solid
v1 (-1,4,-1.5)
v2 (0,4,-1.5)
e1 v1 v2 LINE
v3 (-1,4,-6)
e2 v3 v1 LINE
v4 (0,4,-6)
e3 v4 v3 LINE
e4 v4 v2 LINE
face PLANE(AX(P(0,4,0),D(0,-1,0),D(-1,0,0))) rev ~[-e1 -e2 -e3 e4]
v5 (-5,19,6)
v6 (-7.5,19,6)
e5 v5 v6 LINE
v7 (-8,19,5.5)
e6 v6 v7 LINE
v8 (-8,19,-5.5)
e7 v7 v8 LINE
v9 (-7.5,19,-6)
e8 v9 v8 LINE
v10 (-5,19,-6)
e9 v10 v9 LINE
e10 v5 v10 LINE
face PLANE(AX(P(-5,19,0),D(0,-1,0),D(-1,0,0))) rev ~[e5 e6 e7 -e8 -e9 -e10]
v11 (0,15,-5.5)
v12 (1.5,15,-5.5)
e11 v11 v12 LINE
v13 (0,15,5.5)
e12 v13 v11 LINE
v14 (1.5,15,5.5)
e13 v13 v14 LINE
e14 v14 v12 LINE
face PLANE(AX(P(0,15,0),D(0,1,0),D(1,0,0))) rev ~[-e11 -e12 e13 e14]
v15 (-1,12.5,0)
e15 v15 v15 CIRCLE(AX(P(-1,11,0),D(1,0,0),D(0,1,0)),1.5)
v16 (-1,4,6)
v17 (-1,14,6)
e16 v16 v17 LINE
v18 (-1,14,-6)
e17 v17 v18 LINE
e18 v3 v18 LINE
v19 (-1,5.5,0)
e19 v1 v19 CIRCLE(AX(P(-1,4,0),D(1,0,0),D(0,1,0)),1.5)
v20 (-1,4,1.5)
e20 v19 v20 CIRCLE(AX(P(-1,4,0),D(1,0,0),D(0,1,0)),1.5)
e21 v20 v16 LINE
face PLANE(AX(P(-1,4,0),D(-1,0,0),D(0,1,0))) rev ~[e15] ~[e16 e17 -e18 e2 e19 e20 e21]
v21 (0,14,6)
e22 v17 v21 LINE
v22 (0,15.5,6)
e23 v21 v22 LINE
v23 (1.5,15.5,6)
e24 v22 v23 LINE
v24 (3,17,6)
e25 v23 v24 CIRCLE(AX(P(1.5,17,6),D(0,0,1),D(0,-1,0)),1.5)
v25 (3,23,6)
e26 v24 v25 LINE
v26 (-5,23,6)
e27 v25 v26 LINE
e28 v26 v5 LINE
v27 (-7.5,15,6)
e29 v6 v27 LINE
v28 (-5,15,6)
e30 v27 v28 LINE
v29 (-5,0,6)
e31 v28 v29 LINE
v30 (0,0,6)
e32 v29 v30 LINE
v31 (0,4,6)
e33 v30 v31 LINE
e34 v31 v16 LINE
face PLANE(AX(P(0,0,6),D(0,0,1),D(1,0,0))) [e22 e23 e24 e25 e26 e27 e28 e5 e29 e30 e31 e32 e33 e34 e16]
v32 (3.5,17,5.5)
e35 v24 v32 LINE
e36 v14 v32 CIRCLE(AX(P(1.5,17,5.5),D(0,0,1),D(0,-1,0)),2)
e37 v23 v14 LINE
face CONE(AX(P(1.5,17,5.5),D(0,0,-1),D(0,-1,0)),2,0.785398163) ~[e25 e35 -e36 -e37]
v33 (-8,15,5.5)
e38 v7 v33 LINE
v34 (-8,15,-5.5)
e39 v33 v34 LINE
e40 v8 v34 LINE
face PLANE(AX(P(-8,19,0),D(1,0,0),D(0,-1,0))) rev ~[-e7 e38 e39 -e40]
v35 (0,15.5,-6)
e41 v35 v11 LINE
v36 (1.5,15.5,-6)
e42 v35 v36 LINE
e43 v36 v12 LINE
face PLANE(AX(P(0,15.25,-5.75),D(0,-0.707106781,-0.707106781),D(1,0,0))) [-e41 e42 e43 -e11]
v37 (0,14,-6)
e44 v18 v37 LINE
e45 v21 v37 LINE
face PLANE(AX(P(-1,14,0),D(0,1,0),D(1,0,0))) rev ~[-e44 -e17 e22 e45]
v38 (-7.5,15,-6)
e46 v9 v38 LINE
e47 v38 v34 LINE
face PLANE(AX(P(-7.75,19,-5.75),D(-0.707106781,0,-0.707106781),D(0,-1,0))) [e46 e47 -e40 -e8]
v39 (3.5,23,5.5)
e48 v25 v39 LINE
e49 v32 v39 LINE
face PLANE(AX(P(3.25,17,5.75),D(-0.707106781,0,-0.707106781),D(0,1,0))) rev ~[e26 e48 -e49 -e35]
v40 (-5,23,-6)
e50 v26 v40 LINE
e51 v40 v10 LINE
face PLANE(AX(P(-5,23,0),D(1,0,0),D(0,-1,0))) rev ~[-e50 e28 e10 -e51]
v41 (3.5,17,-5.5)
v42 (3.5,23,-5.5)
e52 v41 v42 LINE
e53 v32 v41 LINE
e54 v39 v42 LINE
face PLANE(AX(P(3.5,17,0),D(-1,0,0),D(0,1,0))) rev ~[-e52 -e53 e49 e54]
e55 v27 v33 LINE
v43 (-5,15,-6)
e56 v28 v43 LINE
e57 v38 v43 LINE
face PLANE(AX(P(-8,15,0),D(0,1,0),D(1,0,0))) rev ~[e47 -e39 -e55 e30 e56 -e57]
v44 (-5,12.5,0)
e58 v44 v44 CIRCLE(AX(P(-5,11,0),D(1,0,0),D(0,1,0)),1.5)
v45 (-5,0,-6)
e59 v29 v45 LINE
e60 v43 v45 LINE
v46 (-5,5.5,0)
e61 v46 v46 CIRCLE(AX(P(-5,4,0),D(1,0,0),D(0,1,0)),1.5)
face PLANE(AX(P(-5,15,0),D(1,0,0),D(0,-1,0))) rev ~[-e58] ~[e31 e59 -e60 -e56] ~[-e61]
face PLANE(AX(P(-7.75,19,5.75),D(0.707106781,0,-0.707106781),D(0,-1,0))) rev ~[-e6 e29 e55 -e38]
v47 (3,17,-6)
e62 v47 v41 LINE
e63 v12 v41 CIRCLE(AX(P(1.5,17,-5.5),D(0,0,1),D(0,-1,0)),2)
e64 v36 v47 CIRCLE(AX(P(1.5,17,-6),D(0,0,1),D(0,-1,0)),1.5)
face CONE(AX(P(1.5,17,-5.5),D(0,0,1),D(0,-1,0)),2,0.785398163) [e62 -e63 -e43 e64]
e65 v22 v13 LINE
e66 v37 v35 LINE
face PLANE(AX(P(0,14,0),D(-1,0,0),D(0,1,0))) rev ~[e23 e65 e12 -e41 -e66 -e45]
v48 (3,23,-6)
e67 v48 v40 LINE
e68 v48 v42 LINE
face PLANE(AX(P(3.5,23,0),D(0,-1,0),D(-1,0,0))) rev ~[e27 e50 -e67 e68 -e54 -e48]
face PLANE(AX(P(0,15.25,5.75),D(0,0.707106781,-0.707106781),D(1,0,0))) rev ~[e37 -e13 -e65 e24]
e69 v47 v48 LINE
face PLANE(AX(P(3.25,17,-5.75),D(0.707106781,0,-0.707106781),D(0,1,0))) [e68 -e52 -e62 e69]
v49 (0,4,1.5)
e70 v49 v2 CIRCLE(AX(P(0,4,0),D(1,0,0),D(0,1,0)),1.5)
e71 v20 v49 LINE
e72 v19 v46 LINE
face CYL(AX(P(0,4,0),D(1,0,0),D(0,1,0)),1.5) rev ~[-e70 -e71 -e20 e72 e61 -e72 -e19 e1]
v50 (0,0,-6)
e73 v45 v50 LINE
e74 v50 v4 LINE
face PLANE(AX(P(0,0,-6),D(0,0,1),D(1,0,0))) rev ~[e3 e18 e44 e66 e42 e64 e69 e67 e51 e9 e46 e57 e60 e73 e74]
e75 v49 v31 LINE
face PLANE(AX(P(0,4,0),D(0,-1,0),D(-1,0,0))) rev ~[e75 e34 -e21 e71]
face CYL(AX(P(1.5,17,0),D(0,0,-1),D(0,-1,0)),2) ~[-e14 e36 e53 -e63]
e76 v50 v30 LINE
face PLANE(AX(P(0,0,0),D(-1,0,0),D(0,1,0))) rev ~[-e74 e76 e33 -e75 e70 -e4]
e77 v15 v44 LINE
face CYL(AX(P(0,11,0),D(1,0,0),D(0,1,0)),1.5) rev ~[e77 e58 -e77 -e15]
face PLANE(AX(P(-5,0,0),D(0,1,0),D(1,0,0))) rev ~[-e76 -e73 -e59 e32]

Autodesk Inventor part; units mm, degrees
ref_plane "YZ Plane" through (0, 0, 0) normal (1, 0, 0) x (0, 1, 0)
ref_plane "XZ Plane" through (0, 0, 0) normal (0, 1, 0) x (-1, 0, 0)
ref_plane "XY Plane" through (0, 0, 0) normal (0, 0, 1) x (1, 0, 0)
sketch "Sketch1" plane through (0, 0, 0) normal (0, 0, 1) x (1, 0, 0)
  line L0 (0, 0) -> (0, 4)
  line L1 (0, 4) -> (-1, 4)
  line L2 (-1, 4) -> (-1, 14)
  line L3 (-1, 14) -> (0, 14)
  line L4 (0, 14) -> (0, 15)
  line L5 (0, 15) -> (1.5, 15)
  line L6 (3.5, 17) -> (3.5, 23)
  line L7 (3.5, 23) -> (-5, 23)
  line L8 (-5, 23) -> (-5, 19)
  line L9 (-5, 19) -> (-8, 19)
  line L10 (-8, 19) -> (-8, 15)
  line L11 (-8, 15) -> (-5, 15)
  line L12 (-5, 15) -> (-5, 0)
  line L13 (-5, 0) -> (0, 0)
  arc A0 (1.5, 15) -> (3.5, 17) centre (1.5, 17) ccw
  point P0 (0.75, 15)
  point P1 (-0.5, 4)
  point P2 (0, 2)
  point P3 (-6.5, 15)
  point P4 (-6.5, 19)
  point P5 (-5, 21)
  dimension "d3" = 4
  dimension "d4" = 14
  dimension "d6" = 1
  dimension "d7" = 1
  dimension "d8" = 5
  dimension "d9" = 8
  dimension "d10" = 3
  dimension "d12" = 0
  dimension "d13" = 4
  dimension "d14" = 2
  dimension "d15" = 8.5
  dimension "d16" = 5
extrude "Extrusion1" add sketch "Sketch1" along normal mid plane 12
chamfer "Chamfer1" distance 0.5 angle 45 8 edges at (3.5, 20, 6) (2.9142, 15.5858, 6) (0.75, 15, 6) (-8, 17, 6) (3.5, 20, -6) (2.9142, 15.5858, -6) (0.75, 15, -6) (-8, 17, -6)
sketch "Sketch2" plane through (0, 0, 0) normal (1, 0, 0) x (0, 1, 0)
  circle A0 centre (4, 0) radius 1.5
  circle A1 centre (11, 0) radius 1.5
  line L0 (14, -6) -> (14, 6) projected
  line L1 (0, -6) -> (0, 6) projected
  point P0 (0, 0)
  point P1 (0, 0)
  point P2 (0, 0)
  dimension "d22" = 3
  dimension "d23" = 3
  dimension "d24" = 7
  dimension "d25" = 3
  dimension "d26" = 0
  dimension "d27" = 0
extrude "Extrusion2" cut sketch "Sketch2" against normal through all
properties part number "connector"
